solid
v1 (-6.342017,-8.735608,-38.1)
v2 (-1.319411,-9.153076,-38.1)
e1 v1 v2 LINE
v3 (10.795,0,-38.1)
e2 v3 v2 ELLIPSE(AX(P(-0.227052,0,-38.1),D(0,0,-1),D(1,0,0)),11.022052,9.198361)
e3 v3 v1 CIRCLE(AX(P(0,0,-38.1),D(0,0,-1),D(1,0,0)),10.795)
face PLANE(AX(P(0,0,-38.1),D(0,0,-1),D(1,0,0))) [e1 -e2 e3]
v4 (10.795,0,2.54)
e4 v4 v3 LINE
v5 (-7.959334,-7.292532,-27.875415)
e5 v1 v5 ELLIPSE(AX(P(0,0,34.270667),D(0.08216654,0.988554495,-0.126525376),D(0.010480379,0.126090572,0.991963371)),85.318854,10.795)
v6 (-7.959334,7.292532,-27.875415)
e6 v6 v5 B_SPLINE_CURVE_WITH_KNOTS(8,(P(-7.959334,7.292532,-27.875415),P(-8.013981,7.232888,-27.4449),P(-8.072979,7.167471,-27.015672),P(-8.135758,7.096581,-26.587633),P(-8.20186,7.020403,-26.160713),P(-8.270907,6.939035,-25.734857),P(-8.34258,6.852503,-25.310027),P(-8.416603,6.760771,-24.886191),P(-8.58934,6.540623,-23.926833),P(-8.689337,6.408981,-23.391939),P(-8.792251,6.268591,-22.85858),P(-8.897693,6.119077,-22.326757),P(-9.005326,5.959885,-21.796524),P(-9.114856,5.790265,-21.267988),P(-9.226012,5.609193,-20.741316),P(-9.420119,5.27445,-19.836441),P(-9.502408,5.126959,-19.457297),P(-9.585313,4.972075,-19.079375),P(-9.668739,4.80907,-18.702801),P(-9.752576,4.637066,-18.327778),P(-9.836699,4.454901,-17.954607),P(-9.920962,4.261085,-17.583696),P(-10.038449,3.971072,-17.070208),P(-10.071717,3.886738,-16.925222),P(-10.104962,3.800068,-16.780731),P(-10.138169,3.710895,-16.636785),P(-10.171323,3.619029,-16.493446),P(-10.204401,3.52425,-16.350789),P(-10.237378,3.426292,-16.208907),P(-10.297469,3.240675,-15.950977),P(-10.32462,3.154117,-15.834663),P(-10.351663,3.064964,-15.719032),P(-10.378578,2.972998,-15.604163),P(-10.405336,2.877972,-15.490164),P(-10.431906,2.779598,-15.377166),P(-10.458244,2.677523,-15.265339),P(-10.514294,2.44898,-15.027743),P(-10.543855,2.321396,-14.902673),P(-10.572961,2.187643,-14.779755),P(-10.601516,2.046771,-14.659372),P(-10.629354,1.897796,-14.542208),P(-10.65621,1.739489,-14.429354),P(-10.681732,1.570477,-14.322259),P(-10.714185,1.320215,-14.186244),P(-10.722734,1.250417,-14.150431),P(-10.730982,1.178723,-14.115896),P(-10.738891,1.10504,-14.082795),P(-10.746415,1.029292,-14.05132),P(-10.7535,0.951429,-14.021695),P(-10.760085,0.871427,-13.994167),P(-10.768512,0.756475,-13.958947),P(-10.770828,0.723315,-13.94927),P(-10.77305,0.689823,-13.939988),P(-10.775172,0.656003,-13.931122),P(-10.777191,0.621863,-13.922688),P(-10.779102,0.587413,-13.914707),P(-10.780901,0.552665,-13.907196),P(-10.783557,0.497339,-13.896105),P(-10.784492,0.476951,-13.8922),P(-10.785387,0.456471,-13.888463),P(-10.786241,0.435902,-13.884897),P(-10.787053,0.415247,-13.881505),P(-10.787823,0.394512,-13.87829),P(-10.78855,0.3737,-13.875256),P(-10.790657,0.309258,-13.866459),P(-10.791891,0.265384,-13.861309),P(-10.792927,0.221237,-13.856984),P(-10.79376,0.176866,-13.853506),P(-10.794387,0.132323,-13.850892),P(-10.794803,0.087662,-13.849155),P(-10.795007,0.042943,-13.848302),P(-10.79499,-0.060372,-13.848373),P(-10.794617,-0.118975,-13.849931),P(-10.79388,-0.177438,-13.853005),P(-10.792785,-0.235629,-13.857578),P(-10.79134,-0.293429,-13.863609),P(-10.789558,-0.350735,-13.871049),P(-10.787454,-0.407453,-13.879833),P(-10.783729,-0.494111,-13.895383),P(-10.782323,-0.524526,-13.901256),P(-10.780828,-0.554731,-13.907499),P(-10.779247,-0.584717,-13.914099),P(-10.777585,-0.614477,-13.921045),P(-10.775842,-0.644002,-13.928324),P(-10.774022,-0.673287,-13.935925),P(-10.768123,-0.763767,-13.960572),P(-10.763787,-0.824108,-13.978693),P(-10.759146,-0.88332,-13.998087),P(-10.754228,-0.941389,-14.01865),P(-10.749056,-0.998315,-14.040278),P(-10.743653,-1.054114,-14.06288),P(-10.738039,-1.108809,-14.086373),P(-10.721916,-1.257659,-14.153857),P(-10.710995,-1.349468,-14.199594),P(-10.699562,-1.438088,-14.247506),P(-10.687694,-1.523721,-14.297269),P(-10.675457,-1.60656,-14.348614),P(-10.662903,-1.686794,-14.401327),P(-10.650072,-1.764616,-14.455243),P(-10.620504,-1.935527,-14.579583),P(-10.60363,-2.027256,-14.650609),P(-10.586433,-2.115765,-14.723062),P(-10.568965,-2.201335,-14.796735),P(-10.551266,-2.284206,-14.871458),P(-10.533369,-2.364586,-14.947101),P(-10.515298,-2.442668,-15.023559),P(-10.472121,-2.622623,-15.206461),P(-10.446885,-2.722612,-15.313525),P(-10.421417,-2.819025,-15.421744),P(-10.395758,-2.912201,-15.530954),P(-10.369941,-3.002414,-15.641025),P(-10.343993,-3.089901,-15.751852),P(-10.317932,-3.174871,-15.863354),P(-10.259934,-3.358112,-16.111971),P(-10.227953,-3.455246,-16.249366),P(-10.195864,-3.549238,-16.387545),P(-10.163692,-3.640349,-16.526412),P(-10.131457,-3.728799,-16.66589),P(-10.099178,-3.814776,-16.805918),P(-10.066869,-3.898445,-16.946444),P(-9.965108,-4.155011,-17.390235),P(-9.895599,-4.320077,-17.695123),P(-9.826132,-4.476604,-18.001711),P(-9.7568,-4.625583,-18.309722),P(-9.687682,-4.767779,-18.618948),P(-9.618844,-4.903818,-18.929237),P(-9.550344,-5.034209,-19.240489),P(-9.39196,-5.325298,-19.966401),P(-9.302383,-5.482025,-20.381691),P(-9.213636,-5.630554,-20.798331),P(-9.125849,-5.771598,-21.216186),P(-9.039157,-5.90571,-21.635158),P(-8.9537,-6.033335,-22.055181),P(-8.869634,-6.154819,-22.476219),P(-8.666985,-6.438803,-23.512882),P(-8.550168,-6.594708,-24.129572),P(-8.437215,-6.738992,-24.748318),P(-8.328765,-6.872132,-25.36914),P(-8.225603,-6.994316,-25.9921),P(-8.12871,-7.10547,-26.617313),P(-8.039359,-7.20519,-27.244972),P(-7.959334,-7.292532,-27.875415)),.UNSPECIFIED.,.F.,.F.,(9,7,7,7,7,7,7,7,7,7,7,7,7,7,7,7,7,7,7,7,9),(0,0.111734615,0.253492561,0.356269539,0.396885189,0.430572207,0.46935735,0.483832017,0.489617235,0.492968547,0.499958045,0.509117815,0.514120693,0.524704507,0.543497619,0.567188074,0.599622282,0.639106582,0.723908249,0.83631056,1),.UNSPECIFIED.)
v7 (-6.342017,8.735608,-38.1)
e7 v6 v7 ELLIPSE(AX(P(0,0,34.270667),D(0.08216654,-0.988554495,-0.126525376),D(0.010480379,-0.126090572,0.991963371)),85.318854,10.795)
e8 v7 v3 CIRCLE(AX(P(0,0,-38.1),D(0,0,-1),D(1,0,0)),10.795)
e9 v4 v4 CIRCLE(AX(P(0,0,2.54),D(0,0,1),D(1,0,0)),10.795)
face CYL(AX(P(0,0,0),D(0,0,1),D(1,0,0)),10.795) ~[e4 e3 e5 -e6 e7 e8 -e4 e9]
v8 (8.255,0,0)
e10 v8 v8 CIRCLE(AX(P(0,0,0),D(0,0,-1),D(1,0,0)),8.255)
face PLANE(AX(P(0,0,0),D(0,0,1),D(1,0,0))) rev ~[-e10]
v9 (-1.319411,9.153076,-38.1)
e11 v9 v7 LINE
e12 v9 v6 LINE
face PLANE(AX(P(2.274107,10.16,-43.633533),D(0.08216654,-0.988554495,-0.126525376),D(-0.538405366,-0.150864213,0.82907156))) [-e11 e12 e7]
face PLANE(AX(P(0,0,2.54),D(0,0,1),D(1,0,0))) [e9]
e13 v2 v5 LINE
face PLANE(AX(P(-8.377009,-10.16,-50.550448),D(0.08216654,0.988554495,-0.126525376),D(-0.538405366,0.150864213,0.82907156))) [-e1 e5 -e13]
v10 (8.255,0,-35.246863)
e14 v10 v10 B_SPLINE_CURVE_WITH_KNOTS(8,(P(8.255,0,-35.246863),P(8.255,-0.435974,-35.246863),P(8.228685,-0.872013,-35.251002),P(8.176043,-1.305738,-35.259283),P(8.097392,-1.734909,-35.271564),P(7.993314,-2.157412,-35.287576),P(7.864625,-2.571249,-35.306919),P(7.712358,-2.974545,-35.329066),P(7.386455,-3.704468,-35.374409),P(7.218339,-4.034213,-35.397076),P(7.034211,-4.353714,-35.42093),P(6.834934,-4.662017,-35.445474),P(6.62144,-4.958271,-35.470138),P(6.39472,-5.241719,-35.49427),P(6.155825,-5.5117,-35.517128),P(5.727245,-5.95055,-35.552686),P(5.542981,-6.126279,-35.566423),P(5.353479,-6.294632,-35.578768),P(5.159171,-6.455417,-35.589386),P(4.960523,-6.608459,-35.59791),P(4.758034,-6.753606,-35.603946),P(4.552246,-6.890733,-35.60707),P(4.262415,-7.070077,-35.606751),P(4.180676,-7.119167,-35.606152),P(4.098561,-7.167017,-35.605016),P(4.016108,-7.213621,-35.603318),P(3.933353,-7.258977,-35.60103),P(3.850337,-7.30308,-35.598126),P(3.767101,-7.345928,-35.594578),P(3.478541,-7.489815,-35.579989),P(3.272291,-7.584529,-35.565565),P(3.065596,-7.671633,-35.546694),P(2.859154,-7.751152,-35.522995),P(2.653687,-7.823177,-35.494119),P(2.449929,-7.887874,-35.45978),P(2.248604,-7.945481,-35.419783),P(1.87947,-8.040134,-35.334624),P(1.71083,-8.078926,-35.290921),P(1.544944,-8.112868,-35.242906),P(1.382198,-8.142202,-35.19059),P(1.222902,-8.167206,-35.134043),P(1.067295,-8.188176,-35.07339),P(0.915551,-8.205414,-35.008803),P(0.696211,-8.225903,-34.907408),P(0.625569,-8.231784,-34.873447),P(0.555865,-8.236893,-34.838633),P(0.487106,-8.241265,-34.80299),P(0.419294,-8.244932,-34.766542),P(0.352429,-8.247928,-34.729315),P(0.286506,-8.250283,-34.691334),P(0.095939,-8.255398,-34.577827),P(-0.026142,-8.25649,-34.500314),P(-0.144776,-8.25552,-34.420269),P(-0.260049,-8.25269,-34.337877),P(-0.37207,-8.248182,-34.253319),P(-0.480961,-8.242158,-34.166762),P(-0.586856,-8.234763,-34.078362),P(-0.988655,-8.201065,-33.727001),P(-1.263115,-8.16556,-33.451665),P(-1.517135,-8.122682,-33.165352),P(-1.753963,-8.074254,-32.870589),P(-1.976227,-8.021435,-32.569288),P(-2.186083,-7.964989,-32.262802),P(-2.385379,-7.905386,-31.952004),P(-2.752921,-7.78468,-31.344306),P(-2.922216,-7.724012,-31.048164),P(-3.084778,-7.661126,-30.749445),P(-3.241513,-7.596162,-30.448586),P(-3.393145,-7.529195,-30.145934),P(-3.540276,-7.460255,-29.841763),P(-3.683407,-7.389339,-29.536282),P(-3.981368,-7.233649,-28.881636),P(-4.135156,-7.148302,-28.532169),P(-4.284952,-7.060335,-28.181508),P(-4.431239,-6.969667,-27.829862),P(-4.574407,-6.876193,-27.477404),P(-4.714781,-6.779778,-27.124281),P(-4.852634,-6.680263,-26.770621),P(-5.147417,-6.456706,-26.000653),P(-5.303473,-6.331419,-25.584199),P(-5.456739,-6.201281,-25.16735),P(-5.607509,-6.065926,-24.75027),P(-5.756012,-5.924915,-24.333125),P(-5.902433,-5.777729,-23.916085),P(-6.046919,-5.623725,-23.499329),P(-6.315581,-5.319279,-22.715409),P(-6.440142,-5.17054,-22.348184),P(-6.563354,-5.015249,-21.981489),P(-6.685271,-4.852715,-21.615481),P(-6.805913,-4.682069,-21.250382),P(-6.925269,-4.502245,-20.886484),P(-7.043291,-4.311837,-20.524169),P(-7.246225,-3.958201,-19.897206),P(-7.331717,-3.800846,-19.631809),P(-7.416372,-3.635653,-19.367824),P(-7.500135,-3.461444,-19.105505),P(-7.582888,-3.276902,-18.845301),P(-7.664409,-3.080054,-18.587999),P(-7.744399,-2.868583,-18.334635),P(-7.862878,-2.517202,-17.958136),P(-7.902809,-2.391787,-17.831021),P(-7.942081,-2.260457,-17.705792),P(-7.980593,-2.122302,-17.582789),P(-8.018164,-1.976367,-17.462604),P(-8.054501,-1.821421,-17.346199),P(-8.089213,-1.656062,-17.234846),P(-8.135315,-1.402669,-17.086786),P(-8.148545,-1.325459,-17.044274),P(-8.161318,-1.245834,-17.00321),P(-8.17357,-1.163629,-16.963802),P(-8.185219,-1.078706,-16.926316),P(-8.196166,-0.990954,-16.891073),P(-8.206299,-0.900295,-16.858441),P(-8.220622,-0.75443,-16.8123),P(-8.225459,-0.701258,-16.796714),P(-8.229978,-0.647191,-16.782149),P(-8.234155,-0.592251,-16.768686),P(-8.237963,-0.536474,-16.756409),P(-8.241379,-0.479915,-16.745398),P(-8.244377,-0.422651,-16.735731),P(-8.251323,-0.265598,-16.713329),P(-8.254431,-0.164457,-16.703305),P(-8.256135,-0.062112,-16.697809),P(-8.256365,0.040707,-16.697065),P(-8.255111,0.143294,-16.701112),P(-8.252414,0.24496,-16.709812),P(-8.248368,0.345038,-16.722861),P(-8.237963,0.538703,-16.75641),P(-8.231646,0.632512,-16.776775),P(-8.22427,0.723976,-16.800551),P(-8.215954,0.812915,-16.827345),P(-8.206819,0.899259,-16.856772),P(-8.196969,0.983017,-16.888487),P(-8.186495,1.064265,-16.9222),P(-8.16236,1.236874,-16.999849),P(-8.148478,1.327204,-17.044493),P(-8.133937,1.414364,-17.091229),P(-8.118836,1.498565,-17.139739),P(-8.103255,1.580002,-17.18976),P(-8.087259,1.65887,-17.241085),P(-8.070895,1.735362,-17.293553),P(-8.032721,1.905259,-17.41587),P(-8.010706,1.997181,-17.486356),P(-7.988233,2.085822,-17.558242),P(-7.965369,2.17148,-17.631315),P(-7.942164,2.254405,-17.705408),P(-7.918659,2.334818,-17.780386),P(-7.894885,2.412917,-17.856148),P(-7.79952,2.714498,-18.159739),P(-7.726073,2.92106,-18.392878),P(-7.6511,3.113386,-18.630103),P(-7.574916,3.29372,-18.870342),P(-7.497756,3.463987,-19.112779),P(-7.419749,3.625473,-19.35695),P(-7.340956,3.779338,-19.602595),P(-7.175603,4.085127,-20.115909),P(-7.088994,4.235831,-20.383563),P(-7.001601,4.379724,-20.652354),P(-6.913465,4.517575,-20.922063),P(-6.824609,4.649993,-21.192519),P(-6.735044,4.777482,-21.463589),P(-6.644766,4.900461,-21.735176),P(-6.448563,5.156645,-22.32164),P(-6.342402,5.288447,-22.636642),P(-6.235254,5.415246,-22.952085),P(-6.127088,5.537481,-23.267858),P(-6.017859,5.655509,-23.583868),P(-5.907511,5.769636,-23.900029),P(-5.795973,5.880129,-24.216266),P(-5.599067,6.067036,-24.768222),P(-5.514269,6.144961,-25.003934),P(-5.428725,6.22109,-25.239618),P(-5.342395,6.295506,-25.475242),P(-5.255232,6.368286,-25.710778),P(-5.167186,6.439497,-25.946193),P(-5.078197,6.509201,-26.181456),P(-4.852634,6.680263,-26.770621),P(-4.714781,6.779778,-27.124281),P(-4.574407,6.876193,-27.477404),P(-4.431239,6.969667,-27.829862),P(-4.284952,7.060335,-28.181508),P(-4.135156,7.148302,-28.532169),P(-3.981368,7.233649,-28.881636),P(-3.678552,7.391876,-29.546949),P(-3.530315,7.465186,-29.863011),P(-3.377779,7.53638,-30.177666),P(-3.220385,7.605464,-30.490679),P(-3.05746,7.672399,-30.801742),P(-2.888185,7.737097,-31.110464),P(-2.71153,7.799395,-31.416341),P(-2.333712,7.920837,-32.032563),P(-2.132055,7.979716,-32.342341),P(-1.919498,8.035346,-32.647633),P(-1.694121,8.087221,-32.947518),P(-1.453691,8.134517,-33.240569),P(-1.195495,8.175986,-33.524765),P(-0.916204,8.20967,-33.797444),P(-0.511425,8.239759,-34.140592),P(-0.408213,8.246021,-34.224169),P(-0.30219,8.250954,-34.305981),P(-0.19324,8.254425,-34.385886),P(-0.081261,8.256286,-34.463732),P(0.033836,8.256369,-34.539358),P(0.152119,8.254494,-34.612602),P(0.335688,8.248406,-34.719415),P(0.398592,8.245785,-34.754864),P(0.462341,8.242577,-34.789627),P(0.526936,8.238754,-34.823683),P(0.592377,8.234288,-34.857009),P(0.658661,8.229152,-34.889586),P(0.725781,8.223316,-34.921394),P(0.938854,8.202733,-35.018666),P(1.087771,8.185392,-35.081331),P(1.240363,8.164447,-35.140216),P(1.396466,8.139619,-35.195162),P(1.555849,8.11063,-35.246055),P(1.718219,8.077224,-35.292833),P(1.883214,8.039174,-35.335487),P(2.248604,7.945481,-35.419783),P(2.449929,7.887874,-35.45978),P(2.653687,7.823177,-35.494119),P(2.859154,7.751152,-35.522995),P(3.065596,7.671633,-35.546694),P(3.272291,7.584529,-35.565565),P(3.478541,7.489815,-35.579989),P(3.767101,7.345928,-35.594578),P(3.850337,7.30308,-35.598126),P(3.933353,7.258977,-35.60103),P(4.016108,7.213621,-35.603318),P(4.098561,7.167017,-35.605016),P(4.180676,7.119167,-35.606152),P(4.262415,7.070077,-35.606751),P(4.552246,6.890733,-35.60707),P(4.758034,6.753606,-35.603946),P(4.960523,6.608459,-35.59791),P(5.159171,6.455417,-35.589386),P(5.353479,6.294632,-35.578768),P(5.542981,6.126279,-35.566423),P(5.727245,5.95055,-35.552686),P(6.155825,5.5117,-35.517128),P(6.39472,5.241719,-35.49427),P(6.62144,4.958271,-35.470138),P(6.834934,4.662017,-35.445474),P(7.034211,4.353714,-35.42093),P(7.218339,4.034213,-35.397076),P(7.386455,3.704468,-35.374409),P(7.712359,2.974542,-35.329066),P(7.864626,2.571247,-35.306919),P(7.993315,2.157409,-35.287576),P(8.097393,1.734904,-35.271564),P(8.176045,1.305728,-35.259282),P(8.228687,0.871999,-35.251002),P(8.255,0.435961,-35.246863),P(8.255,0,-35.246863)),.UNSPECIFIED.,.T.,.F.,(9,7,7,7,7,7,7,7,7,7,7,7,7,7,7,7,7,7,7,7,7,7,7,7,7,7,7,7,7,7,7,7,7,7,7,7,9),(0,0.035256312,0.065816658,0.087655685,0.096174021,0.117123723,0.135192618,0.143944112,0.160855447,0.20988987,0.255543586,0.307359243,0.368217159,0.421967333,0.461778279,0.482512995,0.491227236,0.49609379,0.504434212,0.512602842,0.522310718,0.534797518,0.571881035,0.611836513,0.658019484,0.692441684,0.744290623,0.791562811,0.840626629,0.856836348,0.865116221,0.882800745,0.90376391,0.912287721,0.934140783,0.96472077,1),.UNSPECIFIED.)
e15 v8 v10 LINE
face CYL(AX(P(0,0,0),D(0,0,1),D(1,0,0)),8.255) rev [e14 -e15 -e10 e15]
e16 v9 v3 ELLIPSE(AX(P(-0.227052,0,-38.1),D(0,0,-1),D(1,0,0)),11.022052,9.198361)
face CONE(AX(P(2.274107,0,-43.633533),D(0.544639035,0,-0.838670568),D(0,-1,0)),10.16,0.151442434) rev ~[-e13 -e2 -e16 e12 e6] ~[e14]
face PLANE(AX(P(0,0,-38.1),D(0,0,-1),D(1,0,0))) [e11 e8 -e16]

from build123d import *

# Parameters (mm, degrees)
F0_R     = 10.795
F1_DEPTH = 2.54
F2_R     = 10.795
F2_R_2   = 8.255
F3_DEPTH = 38.1
F7_DEPTH = 45.8433286473
F7_TAPER = 8.6770123


with BuildPart() as f1:
    # F0 (on Top) → F1 (new body)
    with BuildSketch(Plane.XY):
        Circle(F0_R)
    extrude(amount=F1_DEPTH)

    # F2 (on face) → F3 (join)
    with BuildSketch(Plane(origin=(0, 0, 0), x_dir=(1, 0, 0), z_dir=(0, 0, -1))):
        Circle(F2_R)
        Circle(F2_R_2, mode=Mode.SUBTRACT)
    extrude(amount=F3_DEPTH)

    # F6 (on line) → F7 (cut, through all)
    with BuildSketch(Plane(origin=(20.6051799371, 0, -31.7291946582), x_dir=(0.8386705679, 0, 0.544639035), z_dir=(-0.544639035, 0, 0.8386705679))):
        with BuildLine():
            Line((-34.5572984531, -10.16), (-21.8572984531, -10.16))
            ThreePointArc((-21.8572984531, -10.16), (-11.6972984531, 0), (-21.8572984531, 10.16))
            Line((-21.8572984531, 10.16), (-34.5572984531, 10.16))
            Line((-34.5572984531, 10.16), (-34.5572984531, -10.16))
        make_face()
    extrude(amount=F7_DEPTH, taper=F7_TAPER, mode=Mode.SUBTRACT)


solid = f1.part
